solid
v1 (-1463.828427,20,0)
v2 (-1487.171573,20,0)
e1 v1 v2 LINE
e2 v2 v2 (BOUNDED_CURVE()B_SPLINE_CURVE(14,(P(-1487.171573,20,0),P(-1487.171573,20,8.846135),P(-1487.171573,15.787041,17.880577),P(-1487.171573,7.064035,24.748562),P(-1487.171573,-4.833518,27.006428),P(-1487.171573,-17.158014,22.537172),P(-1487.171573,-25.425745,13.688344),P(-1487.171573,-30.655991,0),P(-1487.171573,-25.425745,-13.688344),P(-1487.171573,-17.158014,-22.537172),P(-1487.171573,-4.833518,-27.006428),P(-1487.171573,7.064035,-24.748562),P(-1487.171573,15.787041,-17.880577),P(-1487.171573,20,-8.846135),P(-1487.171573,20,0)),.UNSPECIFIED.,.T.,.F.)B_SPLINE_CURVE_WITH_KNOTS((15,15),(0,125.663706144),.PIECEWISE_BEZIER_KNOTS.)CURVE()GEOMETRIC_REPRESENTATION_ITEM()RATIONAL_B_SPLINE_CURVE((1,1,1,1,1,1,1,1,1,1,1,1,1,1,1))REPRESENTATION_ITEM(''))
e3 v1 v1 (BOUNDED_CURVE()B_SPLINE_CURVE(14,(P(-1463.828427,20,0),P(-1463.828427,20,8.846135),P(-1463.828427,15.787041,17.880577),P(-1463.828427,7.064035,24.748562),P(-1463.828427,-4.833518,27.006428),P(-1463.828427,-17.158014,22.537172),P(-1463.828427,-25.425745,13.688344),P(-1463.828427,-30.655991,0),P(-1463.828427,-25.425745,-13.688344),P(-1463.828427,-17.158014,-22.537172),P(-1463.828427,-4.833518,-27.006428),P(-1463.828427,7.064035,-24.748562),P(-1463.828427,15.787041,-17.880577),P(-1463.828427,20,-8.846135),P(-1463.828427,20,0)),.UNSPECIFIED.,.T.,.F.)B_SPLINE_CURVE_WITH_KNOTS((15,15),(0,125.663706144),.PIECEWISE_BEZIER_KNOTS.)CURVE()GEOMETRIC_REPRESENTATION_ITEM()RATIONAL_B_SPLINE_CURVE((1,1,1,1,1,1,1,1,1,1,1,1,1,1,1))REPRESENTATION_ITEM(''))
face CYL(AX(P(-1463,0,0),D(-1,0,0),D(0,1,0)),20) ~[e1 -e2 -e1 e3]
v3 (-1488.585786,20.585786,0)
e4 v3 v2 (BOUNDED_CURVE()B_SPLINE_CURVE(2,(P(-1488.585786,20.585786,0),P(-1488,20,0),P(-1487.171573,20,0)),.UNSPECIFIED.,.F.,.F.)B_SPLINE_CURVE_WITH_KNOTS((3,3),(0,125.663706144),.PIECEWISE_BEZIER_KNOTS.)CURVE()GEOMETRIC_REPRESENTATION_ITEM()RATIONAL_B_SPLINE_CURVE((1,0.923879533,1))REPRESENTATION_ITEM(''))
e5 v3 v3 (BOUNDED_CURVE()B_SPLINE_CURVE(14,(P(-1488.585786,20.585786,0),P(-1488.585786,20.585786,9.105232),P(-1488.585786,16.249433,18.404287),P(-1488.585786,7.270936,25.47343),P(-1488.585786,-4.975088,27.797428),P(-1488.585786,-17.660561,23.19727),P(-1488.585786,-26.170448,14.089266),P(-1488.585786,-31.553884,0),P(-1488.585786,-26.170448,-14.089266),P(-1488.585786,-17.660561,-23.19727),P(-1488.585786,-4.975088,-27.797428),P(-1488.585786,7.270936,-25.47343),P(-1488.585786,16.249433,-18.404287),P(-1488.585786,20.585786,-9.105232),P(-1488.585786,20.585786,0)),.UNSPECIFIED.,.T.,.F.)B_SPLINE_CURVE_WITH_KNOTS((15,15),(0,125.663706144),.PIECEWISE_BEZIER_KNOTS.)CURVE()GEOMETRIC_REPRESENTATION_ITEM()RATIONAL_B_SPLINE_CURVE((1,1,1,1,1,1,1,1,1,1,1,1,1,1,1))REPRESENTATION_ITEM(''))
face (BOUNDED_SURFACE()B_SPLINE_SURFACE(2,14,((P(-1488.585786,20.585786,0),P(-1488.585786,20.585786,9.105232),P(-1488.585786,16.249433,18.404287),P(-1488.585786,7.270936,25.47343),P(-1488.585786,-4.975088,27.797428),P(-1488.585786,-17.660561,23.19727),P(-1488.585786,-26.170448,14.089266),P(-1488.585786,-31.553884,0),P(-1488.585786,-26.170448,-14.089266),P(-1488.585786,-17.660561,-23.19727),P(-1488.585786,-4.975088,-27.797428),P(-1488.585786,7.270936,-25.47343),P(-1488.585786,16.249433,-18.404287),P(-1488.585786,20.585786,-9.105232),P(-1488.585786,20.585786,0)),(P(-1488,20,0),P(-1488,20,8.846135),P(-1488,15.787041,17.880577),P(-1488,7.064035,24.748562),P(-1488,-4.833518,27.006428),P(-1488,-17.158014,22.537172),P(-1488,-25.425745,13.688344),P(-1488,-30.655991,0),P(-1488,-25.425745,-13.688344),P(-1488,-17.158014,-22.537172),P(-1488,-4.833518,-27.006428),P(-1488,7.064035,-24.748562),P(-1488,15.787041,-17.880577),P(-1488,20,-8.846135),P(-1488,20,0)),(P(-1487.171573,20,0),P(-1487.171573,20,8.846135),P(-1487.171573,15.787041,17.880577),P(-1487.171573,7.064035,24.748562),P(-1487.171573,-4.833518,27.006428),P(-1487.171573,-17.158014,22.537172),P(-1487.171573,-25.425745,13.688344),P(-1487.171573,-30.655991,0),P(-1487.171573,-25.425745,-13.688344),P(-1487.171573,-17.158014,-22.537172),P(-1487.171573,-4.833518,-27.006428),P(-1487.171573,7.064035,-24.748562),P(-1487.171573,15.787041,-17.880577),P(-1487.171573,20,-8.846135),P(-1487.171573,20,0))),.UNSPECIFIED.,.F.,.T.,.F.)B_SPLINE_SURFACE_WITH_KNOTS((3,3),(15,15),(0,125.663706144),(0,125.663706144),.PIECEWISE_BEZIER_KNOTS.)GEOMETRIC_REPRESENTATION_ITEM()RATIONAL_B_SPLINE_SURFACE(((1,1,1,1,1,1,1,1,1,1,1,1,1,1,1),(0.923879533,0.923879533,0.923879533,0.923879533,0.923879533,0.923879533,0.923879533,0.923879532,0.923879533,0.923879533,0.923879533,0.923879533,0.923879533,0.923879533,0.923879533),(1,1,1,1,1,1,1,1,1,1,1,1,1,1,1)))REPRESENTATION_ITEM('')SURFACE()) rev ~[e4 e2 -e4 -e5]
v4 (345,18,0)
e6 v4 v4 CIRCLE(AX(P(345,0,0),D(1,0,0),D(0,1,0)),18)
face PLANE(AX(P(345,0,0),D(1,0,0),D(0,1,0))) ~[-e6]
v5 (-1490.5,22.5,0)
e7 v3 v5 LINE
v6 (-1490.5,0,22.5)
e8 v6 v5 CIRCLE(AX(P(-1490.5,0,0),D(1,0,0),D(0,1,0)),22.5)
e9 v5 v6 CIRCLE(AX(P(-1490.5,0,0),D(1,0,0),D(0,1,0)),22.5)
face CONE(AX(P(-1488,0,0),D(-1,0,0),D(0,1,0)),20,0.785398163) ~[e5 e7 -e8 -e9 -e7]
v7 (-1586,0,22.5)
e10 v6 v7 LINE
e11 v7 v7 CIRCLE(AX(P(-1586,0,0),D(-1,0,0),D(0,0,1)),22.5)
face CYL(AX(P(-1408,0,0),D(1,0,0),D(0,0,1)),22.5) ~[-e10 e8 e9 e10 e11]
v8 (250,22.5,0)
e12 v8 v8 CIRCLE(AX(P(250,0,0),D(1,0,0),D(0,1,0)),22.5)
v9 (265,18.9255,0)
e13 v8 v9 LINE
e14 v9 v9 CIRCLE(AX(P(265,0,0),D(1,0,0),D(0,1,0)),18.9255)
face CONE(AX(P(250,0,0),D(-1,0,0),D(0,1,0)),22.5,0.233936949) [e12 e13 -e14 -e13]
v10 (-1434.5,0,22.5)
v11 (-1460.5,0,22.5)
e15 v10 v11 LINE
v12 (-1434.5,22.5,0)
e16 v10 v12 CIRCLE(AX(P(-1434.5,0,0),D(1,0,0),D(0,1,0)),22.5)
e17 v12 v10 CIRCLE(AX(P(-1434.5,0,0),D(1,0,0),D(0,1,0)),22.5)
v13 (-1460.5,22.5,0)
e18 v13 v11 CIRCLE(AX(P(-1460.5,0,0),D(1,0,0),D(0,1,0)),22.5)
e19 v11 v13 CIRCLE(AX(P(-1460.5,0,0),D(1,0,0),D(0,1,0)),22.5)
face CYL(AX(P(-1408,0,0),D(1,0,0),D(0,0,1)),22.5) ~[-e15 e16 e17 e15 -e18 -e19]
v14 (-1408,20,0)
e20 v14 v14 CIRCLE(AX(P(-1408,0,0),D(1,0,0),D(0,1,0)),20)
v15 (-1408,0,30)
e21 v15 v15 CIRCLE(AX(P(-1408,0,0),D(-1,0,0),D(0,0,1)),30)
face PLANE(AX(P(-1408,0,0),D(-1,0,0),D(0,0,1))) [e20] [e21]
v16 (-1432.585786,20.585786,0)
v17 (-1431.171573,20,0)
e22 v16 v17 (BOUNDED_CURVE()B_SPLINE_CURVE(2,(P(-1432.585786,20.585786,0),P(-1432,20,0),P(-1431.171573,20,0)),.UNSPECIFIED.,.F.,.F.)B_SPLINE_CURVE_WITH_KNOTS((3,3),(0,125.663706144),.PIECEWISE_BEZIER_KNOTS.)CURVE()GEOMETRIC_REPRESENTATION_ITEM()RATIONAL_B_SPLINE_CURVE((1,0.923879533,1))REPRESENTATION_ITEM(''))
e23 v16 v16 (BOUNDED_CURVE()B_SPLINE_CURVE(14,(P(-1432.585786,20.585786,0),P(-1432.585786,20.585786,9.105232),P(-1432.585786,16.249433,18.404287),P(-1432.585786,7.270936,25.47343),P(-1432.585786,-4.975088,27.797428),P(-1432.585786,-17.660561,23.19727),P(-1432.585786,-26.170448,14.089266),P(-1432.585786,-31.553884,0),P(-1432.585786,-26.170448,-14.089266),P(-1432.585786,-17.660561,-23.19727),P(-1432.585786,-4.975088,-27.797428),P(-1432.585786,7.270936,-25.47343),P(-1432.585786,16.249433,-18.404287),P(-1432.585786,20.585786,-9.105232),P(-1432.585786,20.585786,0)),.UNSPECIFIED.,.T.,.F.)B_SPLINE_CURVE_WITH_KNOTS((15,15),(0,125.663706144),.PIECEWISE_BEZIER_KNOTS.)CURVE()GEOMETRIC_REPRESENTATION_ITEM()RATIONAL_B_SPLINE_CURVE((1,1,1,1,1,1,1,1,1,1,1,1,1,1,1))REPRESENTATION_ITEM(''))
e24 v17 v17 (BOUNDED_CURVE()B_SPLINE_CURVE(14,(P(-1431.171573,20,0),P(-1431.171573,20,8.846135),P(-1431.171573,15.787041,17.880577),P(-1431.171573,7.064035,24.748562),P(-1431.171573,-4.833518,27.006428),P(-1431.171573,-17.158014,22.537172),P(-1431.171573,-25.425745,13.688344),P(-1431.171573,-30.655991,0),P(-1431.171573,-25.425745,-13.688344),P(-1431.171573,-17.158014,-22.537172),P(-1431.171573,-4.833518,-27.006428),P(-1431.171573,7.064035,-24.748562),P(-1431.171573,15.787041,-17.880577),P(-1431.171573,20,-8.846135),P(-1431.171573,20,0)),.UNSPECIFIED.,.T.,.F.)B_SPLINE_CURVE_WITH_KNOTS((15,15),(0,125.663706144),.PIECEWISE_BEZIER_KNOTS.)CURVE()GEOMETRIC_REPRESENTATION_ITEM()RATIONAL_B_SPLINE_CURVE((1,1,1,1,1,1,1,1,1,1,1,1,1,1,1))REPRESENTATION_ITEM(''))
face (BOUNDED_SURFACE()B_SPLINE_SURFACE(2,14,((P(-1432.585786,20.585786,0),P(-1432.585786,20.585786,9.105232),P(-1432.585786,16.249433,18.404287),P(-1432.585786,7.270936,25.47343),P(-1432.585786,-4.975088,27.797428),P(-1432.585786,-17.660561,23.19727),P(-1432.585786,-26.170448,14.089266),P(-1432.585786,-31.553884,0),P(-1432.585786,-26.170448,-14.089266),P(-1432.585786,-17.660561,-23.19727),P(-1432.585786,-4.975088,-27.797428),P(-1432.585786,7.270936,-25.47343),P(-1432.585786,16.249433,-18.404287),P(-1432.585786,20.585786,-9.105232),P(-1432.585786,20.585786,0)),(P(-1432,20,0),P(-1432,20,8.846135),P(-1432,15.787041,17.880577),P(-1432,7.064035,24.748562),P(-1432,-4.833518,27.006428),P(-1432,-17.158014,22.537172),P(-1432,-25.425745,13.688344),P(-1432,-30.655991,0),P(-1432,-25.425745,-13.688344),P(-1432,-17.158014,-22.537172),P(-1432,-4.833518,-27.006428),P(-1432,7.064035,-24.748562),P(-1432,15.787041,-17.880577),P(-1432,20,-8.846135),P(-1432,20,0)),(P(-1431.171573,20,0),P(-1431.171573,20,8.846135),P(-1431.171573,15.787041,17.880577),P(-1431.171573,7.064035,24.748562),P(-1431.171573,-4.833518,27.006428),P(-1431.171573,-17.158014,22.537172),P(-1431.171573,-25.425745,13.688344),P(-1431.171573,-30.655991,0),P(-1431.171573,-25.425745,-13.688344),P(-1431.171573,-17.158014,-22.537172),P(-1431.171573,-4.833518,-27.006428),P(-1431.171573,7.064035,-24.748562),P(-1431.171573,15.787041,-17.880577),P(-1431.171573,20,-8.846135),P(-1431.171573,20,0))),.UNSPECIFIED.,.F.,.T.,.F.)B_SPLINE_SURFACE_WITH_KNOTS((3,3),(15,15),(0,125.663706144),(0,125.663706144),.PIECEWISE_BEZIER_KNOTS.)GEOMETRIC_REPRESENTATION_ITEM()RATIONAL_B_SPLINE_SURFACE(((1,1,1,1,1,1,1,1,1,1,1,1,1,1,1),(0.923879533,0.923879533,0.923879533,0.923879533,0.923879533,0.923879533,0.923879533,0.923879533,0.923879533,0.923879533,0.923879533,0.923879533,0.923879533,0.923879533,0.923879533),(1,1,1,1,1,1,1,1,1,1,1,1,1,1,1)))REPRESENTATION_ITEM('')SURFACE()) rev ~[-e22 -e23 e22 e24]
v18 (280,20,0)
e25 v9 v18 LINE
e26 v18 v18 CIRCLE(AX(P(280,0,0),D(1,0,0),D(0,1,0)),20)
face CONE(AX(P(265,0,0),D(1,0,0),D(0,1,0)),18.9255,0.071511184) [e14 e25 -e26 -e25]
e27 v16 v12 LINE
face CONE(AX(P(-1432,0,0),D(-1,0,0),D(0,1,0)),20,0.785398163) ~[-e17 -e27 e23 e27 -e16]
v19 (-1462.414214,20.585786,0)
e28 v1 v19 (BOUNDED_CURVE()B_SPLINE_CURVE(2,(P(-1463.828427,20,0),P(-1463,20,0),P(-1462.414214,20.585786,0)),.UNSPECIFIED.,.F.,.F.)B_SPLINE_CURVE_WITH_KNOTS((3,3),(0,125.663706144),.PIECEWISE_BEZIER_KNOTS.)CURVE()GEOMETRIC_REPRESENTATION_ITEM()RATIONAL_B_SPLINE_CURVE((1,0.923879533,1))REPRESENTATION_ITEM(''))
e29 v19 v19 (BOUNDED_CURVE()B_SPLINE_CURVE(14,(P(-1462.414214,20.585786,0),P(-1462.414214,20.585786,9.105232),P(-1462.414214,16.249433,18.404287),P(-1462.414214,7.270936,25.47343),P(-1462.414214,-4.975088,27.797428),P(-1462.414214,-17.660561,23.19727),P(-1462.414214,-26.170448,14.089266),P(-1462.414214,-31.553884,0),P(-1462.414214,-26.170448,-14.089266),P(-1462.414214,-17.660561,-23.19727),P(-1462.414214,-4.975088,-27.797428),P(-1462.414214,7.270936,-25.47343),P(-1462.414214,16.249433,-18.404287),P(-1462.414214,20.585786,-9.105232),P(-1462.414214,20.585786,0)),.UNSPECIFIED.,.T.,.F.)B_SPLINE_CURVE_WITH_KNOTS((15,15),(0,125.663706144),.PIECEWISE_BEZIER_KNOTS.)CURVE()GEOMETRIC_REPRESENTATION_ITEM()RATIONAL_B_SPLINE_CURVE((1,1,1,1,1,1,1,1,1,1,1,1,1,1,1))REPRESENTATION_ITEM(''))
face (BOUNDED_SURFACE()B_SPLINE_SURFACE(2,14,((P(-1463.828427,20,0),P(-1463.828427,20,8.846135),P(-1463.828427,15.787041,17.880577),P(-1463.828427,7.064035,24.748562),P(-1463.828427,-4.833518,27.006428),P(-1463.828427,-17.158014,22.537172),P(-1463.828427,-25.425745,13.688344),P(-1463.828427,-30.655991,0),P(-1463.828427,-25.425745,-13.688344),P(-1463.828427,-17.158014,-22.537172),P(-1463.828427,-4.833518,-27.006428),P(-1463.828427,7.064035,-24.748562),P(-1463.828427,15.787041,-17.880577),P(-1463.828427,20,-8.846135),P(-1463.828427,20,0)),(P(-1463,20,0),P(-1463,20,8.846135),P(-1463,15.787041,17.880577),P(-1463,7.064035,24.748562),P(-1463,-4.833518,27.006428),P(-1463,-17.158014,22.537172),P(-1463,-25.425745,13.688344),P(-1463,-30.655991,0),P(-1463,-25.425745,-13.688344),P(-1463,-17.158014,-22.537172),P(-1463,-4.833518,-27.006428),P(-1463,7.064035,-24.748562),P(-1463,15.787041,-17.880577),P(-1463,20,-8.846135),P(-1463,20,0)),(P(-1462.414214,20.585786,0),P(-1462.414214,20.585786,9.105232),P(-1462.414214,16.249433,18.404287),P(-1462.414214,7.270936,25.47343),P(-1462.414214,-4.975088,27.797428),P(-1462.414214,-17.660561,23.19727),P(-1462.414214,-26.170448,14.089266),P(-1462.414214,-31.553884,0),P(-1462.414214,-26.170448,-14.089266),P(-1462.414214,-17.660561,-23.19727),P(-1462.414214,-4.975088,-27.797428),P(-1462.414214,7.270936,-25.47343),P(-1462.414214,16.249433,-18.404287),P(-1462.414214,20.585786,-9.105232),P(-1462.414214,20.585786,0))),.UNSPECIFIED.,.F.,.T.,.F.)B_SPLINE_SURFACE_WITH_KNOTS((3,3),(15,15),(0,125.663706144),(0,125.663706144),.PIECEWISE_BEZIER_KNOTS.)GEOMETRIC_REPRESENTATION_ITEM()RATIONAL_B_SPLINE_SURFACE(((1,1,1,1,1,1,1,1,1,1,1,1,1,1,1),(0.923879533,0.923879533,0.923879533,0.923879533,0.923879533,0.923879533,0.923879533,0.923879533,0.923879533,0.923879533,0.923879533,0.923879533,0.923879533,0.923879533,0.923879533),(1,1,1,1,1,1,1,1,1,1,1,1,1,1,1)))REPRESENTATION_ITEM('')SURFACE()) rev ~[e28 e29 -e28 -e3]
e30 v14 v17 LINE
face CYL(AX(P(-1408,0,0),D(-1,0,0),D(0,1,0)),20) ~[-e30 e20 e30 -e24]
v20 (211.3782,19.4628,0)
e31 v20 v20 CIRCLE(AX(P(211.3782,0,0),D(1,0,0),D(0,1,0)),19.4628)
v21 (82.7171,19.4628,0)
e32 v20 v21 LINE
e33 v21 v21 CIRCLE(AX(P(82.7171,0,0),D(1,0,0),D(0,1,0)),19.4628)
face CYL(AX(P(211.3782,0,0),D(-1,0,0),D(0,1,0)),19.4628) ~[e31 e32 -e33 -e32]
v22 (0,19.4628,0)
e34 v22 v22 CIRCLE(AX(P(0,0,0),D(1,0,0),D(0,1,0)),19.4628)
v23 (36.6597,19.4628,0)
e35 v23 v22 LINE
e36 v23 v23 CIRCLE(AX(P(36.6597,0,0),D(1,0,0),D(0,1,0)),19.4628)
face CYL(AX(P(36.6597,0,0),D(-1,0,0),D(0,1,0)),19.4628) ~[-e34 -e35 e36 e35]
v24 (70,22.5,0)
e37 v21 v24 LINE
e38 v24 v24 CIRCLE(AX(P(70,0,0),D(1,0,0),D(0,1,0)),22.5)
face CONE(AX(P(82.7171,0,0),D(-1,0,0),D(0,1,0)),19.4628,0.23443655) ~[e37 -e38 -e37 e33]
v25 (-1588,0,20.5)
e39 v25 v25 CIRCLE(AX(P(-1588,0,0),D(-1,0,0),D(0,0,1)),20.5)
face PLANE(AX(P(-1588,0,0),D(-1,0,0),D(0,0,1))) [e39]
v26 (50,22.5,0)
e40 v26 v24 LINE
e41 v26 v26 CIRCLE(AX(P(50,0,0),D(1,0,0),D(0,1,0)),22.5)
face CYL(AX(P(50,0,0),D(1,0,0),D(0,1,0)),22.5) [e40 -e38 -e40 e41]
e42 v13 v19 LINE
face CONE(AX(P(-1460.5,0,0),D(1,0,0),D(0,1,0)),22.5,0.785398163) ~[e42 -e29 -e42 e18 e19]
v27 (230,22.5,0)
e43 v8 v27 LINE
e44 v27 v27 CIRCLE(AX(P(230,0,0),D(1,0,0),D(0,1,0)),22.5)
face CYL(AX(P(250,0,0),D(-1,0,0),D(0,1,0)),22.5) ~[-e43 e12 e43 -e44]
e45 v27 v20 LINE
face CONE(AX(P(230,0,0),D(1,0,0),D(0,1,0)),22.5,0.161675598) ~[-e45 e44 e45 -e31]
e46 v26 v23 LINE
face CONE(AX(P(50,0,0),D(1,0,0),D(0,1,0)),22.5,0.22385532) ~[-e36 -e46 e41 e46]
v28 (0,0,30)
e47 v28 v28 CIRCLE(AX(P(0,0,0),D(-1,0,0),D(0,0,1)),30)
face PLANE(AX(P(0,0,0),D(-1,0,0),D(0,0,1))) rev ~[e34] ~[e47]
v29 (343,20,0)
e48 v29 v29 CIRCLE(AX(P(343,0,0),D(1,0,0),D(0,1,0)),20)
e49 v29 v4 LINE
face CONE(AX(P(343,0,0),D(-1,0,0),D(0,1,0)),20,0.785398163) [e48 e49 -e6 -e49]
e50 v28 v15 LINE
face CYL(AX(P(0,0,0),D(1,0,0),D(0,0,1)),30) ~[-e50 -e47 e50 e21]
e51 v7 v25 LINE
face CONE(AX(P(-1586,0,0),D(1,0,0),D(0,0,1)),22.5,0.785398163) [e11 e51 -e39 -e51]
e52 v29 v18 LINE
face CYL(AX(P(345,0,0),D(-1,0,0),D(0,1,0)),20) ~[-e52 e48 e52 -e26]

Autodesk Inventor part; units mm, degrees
ref_plane "YZ Plane" through (0, 0, 0) normal (1, 0, 0) x (0, 1, 0)
ref_plane "XZ Plane" through (0, 0, 0) normal (0, 1, 0) x (-1, 0, 0)
ref_plane "XY Plane" through (0, 0, 0) normal (0, 0, 1) x (1, 0, 0)
sketch "Эскиз1" plane through (0, 0, 0) normal (0, 0, 1) x (1, 0, 0)
  line L0 (0, 0) -> (345, 0)
  line L1 (345, 0) -> (345, 20)
  line L2 (345, 20) -> (280, 20)
  line L3 (0, 0) -> (0, 22.5)
  line L4 (0, 22.5) -> (50, 22.5)
  line L5 (50, 22.5) -> (70, 22.5)
  line L6 (250, 22.5) -> (230, 22.5)
  line L7 (250, 22.5) -> (265, 18.9255)
  line L8 (265, 18.9255) -> (280, 20)
  line L9 (82.7171, 19.4628) -> (70, 22.5)
  line L10 (50, 22.5) -> (36.6597, 19.4628)
  line L11 (36.6597, 19.4628) -> (0, 19.4628)
  line L12 (230, 22.5) -> (211.3782, 19.4628)
  line L13 (211.3782, 19.4628) -> (82.7171, 19.4628)
  dimension "d0" = 345
  dimension "d1" = 20
  dimension "d2" = 65
  dimension "d5" = 22.5
  dimension "d6" = 50
  dimension "d7" = 20
  dimension "d8" = 20
  dimension "d15" = 30
revolve "Вращение1" add sketch "Эскиз1" angle 360 about axis through (0, 0, 0) along (1, 0, 0) contours L3 L11 L10 L5 L9 L13 L12 L6 L7 L8 L2 L1 L0
thread "Резьба1" size "M40x3" class "6g" standard "ANSI Metric M Profile" full length
sketch "Эскиз2" plane through (0, 0, 0) normal (-1, 0, 0) x (0, 0, 1)
  circle A0 centre (0, 0) radius 30
  dimension "d12" = 60
extrude "Выдавливание1" add sketch "Эскиз2" along normal blind 1408
sketch "Эскиз3" plane through (-1408, 0, 0) normal (-1, 0, 0) x (0, 0, 1)
  circle A0 centre (0, 0) radius 22.5
  dimension "d16" = 45
extrude "Выдавливание2" add sketch "Эскиз3" along normal blind 180
sketch "Эскиз4" plane through (0, 0, 0) normal (0, 0, 1) x (1, 0, 0)
  line L0 (-1408, 30) -> (-1408, -30) projected
  line L1 (-1588, 22.5) -> (-1588, -22.5) projected
  line L2 (-1408, -22.5) -> (-1408, 22.5) projected
  line L3 (-1408, 22.5) -> (-1588, 22.5) projected
  line L4 (-1588, 22.5) -> (-1588, -22.5) projected
  line L5 (-1656, 0) -> (-1640, 0)
  line L6 (-1541, 22.5) -> (-1633, 22.5)
  line L7 (-1408, 22.5) -> (-1588, 22.5) projected
  line L8 (-1408, 0) -> (-1408, 20)
  line L9 (-1408, 20) -> (-1432, 20)
  line L10 (-1432, 20) -> (-1434.5, 22.5)
  line L11 (-1408, 22.5) -> (-1588, 22.5) projected
  line L12 (-1434.5, 22.5) -> (-1460.5, 22.5)
  line L13 (-1408, 22.5) -> (-1588, 22.5) projected
  line L14 (-1460.5, 22.5) -> (-1463, 20)
  line L15 (-1463, 20) -> (-1488, 20)
  line L16 (-1488, 20) -> (-1490.5, 22.5)
  line L17 (-1408, 22.5) -> (-1588, 22.5) projected
  line L18 (-1408, 22.5) -> (-1408, 20)
  line L19 (-1490.5, 22.5) -> (-1408, 22.5)
  dimension "d26" = 135
  dimension "d27" = 26
revolve "Вращение2" cut sketch "Эскиз4" angle 360 about axis through (-1656, 0, 0) along (1, 0, 0)
chamfer "Фаска1" distance 2 angle 45 1 edges at (-1588, 0, -22.5)
fillet "Сопряжение1" radius 2 3 edges at (-1488, -20, 0) (-1463, -20, 0) (-1432, -20, 0)
thread "Резьба2" size "M45x4.5" class "6g" standard "ANSI Metric M Profile" full length
chamfer "Фаска2" distance 2 angle 45 1 edges at (345, -20, 0)
properties part number "Шток" material "Сталь, углеродистая"
